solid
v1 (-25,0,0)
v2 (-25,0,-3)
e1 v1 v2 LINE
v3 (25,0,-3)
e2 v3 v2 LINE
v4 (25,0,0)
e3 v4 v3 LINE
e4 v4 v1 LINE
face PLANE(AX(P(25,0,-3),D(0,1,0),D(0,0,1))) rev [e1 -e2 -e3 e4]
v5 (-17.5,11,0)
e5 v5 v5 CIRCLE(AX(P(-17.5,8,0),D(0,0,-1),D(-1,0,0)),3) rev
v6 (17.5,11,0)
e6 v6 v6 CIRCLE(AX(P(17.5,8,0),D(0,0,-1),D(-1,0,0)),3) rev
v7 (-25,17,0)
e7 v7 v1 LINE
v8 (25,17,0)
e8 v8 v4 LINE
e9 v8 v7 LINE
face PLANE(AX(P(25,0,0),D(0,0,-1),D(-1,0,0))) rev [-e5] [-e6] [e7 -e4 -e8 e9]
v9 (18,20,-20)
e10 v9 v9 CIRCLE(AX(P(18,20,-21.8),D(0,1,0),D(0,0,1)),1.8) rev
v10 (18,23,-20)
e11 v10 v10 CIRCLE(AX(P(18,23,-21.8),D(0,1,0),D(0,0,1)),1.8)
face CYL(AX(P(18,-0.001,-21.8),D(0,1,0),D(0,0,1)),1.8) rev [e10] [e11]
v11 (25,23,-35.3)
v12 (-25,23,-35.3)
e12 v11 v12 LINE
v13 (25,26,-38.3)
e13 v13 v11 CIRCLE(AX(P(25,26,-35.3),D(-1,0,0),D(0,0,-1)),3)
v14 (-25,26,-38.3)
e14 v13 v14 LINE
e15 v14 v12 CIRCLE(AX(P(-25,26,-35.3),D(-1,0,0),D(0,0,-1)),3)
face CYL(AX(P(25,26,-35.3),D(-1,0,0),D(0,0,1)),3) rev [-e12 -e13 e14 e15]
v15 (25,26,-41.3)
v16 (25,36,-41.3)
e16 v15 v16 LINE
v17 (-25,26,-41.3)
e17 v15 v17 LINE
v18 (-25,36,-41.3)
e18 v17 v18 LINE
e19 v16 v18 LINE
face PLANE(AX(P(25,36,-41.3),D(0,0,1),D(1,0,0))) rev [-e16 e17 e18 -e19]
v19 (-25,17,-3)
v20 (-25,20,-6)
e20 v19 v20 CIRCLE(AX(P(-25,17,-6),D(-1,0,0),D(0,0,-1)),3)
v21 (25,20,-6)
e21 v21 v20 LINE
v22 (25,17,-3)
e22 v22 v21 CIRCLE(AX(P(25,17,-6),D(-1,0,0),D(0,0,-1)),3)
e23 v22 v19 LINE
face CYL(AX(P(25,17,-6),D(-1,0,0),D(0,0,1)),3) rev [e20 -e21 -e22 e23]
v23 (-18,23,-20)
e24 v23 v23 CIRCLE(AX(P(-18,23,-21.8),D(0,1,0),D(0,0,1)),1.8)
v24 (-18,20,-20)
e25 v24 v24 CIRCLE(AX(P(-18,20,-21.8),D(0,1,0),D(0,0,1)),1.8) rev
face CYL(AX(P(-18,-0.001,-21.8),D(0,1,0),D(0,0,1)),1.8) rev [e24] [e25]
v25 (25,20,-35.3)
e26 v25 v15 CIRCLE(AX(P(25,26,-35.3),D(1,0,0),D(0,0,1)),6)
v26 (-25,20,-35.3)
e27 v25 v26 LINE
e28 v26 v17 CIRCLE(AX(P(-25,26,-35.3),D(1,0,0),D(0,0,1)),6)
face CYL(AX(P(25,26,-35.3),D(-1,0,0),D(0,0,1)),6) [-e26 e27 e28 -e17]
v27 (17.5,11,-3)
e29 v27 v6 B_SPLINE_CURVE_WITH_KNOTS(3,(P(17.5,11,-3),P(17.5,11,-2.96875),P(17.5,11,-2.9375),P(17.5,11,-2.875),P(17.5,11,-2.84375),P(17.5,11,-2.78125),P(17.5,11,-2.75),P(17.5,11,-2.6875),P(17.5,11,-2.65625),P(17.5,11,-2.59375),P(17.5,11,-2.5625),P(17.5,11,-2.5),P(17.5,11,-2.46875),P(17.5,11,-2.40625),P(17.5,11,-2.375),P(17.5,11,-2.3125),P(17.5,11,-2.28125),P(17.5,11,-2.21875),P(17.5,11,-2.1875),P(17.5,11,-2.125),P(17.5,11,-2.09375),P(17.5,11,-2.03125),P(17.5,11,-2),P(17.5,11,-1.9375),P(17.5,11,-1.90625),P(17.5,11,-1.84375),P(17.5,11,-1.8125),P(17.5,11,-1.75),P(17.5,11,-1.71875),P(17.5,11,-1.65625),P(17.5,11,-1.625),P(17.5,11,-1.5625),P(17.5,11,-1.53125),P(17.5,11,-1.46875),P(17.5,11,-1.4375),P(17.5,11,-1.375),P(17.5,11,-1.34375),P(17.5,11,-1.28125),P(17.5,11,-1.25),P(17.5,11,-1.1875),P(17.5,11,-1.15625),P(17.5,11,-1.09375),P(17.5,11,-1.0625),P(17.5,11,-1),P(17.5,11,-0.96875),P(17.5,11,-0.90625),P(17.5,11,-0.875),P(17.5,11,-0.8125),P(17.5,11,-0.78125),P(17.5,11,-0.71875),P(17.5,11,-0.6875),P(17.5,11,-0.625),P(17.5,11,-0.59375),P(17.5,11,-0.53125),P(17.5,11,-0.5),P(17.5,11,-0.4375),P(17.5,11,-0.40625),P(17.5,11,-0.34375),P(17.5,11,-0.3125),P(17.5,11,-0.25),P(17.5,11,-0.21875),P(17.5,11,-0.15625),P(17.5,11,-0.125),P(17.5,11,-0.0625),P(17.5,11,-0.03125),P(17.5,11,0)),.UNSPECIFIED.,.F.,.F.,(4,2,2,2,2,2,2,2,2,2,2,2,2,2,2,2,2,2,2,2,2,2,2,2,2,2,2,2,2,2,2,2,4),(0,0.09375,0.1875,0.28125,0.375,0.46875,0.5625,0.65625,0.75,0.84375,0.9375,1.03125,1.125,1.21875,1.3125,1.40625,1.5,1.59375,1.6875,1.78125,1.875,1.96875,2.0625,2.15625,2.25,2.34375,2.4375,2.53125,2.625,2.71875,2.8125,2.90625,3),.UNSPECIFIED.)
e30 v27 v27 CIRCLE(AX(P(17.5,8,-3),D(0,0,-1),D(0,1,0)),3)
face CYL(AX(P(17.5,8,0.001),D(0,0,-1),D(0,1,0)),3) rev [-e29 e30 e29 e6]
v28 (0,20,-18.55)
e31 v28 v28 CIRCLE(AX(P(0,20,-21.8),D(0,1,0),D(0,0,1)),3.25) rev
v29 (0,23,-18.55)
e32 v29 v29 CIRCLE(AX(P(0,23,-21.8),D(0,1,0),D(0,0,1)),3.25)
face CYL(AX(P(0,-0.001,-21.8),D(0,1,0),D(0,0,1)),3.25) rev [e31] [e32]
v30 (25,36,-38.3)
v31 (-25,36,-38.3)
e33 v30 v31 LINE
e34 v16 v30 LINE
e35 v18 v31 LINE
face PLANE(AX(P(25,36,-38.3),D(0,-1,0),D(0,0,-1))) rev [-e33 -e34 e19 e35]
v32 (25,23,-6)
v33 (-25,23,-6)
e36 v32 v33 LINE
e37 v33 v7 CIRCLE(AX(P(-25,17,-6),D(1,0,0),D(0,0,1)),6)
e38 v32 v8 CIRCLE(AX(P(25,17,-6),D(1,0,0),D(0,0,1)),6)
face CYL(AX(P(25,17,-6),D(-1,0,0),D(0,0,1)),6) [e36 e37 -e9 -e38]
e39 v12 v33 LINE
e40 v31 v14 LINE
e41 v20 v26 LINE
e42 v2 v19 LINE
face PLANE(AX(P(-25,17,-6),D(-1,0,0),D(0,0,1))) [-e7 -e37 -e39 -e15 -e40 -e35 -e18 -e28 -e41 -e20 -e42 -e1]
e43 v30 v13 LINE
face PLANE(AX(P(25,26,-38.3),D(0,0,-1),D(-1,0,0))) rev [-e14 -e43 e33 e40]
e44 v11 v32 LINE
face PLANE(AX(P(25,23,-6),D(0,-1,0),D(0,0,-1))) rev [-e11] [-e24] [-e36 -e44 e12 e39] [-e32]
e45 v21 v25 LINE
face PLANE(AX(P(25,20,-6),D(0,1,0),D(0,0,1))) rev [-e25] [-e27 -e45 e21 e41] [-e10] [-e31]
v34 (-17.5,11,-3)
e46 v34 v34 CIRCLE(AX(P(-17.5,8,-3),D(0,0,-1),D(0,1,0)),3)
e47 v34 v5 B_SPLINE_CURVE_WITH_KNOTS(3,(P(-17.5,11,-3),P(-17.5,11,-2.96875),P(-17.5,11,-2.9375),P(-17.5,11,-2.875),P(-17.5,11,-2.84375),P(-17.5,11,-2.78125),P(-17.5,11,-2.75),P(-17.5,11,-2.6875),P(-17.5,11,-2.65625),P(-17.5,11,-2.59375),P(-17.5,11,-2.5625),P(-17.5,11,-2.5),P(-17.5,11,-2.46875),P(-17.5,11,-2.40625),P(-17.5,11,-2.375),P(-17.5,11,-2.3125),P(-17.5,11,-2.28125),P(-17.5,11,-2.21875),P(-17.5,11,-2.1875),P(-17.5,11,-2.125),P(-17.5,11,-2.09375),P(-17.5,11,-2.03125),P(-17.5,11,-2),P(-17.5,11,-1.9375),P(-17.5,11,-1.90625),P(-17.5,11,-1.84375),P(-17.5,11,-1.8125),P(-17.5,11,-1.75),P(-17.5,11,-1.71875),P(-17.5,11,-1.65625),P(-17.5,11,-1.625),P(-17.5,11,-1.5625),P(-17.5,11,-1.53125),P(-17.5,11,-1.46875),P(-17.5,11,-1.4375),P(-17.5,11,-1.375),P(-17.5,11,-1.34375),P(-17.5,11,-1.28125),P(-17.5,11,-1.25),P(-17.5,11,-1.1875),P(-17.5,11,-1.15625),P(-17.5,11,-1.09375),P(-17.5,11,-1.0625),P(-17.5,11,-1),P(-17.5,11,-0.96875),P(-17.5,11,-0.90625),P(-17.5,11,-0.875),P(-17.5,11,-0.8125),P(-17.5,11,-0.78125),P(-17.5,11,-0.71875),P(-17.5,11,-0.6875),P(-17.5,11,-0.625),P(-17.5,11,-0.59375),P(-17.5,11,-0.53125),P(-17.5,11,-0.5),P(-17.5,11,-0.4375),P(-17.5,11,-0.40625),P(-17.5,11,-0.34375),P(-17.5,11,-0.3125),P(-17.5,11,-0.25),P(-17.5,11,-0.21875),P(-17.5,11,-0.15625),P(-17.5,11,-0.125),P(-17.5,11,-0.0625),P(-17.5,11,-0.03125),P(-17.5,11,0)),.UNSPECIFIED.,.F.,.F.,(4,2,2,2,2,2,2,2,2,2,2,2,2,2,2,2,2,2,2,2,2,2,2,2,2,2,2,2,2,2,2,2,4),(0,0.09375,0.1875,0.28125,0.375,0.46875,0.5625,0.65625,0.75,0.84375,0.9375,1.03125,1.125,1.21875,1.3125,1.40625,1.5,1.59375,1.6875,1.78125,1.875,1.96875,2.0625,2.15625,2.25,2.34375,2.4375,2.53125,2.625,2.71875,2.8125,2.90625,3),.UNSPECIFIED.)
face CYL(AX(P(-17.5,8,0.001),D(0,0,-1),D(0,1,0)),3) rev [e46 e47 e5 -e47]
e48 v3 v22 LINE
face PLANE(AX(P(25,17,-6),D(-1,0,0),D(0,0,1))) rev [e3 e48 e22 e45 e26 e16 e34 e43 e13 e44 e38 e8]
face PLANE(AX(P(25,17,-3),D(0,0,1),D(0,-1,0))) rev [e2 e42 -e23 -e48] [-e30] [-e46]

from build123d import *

# Parameters (mm, degrees)
BOSS_EXTRUDE1_DEPTH = 25
CUT_EXTRUDE1_REACH  = 55.476
SKETCH2_R           = 3.25
SKETCH2_R_2         = 1.8
CUT_EXTRUDE2_REACH  = 60.206
SKETCH3_R           = 3


with BuildPart() as part:
    # Sketch1 → Boss-Extrude1 (new, symmetric)
    with BuildSketch(Plane(origin=(0, 0, 0), x_dir=(0, 0, -1), z_dir=(1, 0, 0))):
        with BuildLine():
            Line((0, 0), (0, 17))
            ThreePointArc((0, 17), (1.757359313, 21.242640687), (6, 23))
            Line((6, 23), (35.3, 23))
            ThreePointArc((35.3, 23), (37.421320344, 23.878679656), (38.3, 26))
            Line((38.3, 26), (38.3, 36))
            Line((38.3, 36), (41.3, 36))
            Line((41.3, 36), (41.3, 26))
            ThreePointArc((41.3, 26), (39.542640687, 21.757359313), (35.3, 20))
            Line((35.3, 20), (6, 20))
            ThreePointArc((6, 20), (3.878679656, 19.121320344), (3, 17))
            Line((3, 17), (3, 0))
            Line((3, 0), (0, 0))
        make_face()
    extrude(amount=BOSS_EXTRUDE1_DEPTH, both=True)

    # Sketch2 → Cut-Extrude1 (cut, up to next)
    with BuildSketch(Plane(origin=(0, 23, 0), x_dir=(1, 0, 0), z_dir=(0, 1, 0)), mode=Mode.PRIVATE) as cut_extrude1_sk1:
        with Locations(Location((0, 21.8, 0), (0, 0, 270))):
            Circle(SKETCH2_R)
    cut_extrude1_tool1 = extrude(cut_extrude1_sk1.sketch, amount=-CUT_EXTRUDE1_REACH, mode=Mode.PRIVATE) & part.part
    # Sketch2 → Cut-Extrude1 (cut, up to next)
    with BuildSketch(Plane(origin=(0, 23, 0), x_dir=(1, 0, 0), z_dir=(0, 1, 0)), mode=Mode.PRIVATE) as cut_extrude1_sk2:
        with Locations(Location((-18, 21.8, 0), (0, 0, 270))):
            Circle(SKETCH2_R_2)
    cut_extrude1_tool2 = extrude(cut_extrude1_sk2.sketch, amount=-CUT_EXTRUDE1_REACH, mode=Mode.PRIVATE) & part.part
    # Sketch2 → Cut-Extrude1 (cut, up to next)
    with BuildSketch(Plane(origin=(0, 23, 0), x_dir=(1, 0, 0), z_dir=(0, 1, 0)), mode=Mode.PRIVATE) as cut_extrude1_sk3:
        with Locations(Location((18, 21.8, 0), (0, 0, 270))):
            Circle(SKETCH2_R_2)
    cut_extrude1_tool3 = extrude(cut_extrude1_sk3.sketch, amount=-CUT_EXTRUDE1_REACH, mode=Mode.PRIVATE) & part.part
    add(cut_extrude1_tool1.solids().sort_by_distance((0, 23, -21.8))[0], mode=Mode.SUBTRACT)
    add(cut_extrude1_tool2.solids().sort_by_distance((-18, 23, -21.8))[0], mode=Mode.SUBTRACT)
    add(cut_extrude1_tool3.solids().sort_by_distance((18, 23, -21.8))[0], mode=Mode.SUBTRACT)

    # Sketch3 → Cut-Extrude2 (cut, up to next)
    with BuildSketch(Plane(origin=(0, 0, -3), x_dir=(-1, 0, 0), z_dir=(0, 0, -1)), mode=Mode.PRIVATE) as cut_extrude2_sk1:
        with Locations(Location((-17.5, 8, 0), (0, 0, 90))):
            Circle(SKETCH3_R)
    cut_extrude2_tool1 = extrude(cut_extrude2_sk1.sketch, amount=-CUT_EXTRUDE2_REACH, mode=Mode.PRIVATE) & part.part
    # Sketch3 → Cut-Extrude2 (cut, up to next)
    with BuildSketch(Plane(origin=(0, 0, -3), x_dir=(-1, 0, 0), z_dir=(0, 0, -1)), mode=Mode.PRIVATE) as cut_extrude2_sk2:
        with Locations(Location((17.5, 8, 0), (0, 0, 90))):
            Circle(SKETCH3_R)
    cut_extrude2_tool2 = extrude(cut_extrude2_sk2.sketch, amount=-CUT_EXTRUDE2_REACH, mode=Mode.PRIVATE) & part.part
    add(cut_extrude2_tool1.solids().sort_by_distance((17.5, 8, -3))[0], mode=Mode.SUBTRACT)
    add(cut_extrude2_tool2.solids().sort_by_distance((-17.5, 8, -3))[0], mode=Mode.SUBTRACT)


solid = part.part
